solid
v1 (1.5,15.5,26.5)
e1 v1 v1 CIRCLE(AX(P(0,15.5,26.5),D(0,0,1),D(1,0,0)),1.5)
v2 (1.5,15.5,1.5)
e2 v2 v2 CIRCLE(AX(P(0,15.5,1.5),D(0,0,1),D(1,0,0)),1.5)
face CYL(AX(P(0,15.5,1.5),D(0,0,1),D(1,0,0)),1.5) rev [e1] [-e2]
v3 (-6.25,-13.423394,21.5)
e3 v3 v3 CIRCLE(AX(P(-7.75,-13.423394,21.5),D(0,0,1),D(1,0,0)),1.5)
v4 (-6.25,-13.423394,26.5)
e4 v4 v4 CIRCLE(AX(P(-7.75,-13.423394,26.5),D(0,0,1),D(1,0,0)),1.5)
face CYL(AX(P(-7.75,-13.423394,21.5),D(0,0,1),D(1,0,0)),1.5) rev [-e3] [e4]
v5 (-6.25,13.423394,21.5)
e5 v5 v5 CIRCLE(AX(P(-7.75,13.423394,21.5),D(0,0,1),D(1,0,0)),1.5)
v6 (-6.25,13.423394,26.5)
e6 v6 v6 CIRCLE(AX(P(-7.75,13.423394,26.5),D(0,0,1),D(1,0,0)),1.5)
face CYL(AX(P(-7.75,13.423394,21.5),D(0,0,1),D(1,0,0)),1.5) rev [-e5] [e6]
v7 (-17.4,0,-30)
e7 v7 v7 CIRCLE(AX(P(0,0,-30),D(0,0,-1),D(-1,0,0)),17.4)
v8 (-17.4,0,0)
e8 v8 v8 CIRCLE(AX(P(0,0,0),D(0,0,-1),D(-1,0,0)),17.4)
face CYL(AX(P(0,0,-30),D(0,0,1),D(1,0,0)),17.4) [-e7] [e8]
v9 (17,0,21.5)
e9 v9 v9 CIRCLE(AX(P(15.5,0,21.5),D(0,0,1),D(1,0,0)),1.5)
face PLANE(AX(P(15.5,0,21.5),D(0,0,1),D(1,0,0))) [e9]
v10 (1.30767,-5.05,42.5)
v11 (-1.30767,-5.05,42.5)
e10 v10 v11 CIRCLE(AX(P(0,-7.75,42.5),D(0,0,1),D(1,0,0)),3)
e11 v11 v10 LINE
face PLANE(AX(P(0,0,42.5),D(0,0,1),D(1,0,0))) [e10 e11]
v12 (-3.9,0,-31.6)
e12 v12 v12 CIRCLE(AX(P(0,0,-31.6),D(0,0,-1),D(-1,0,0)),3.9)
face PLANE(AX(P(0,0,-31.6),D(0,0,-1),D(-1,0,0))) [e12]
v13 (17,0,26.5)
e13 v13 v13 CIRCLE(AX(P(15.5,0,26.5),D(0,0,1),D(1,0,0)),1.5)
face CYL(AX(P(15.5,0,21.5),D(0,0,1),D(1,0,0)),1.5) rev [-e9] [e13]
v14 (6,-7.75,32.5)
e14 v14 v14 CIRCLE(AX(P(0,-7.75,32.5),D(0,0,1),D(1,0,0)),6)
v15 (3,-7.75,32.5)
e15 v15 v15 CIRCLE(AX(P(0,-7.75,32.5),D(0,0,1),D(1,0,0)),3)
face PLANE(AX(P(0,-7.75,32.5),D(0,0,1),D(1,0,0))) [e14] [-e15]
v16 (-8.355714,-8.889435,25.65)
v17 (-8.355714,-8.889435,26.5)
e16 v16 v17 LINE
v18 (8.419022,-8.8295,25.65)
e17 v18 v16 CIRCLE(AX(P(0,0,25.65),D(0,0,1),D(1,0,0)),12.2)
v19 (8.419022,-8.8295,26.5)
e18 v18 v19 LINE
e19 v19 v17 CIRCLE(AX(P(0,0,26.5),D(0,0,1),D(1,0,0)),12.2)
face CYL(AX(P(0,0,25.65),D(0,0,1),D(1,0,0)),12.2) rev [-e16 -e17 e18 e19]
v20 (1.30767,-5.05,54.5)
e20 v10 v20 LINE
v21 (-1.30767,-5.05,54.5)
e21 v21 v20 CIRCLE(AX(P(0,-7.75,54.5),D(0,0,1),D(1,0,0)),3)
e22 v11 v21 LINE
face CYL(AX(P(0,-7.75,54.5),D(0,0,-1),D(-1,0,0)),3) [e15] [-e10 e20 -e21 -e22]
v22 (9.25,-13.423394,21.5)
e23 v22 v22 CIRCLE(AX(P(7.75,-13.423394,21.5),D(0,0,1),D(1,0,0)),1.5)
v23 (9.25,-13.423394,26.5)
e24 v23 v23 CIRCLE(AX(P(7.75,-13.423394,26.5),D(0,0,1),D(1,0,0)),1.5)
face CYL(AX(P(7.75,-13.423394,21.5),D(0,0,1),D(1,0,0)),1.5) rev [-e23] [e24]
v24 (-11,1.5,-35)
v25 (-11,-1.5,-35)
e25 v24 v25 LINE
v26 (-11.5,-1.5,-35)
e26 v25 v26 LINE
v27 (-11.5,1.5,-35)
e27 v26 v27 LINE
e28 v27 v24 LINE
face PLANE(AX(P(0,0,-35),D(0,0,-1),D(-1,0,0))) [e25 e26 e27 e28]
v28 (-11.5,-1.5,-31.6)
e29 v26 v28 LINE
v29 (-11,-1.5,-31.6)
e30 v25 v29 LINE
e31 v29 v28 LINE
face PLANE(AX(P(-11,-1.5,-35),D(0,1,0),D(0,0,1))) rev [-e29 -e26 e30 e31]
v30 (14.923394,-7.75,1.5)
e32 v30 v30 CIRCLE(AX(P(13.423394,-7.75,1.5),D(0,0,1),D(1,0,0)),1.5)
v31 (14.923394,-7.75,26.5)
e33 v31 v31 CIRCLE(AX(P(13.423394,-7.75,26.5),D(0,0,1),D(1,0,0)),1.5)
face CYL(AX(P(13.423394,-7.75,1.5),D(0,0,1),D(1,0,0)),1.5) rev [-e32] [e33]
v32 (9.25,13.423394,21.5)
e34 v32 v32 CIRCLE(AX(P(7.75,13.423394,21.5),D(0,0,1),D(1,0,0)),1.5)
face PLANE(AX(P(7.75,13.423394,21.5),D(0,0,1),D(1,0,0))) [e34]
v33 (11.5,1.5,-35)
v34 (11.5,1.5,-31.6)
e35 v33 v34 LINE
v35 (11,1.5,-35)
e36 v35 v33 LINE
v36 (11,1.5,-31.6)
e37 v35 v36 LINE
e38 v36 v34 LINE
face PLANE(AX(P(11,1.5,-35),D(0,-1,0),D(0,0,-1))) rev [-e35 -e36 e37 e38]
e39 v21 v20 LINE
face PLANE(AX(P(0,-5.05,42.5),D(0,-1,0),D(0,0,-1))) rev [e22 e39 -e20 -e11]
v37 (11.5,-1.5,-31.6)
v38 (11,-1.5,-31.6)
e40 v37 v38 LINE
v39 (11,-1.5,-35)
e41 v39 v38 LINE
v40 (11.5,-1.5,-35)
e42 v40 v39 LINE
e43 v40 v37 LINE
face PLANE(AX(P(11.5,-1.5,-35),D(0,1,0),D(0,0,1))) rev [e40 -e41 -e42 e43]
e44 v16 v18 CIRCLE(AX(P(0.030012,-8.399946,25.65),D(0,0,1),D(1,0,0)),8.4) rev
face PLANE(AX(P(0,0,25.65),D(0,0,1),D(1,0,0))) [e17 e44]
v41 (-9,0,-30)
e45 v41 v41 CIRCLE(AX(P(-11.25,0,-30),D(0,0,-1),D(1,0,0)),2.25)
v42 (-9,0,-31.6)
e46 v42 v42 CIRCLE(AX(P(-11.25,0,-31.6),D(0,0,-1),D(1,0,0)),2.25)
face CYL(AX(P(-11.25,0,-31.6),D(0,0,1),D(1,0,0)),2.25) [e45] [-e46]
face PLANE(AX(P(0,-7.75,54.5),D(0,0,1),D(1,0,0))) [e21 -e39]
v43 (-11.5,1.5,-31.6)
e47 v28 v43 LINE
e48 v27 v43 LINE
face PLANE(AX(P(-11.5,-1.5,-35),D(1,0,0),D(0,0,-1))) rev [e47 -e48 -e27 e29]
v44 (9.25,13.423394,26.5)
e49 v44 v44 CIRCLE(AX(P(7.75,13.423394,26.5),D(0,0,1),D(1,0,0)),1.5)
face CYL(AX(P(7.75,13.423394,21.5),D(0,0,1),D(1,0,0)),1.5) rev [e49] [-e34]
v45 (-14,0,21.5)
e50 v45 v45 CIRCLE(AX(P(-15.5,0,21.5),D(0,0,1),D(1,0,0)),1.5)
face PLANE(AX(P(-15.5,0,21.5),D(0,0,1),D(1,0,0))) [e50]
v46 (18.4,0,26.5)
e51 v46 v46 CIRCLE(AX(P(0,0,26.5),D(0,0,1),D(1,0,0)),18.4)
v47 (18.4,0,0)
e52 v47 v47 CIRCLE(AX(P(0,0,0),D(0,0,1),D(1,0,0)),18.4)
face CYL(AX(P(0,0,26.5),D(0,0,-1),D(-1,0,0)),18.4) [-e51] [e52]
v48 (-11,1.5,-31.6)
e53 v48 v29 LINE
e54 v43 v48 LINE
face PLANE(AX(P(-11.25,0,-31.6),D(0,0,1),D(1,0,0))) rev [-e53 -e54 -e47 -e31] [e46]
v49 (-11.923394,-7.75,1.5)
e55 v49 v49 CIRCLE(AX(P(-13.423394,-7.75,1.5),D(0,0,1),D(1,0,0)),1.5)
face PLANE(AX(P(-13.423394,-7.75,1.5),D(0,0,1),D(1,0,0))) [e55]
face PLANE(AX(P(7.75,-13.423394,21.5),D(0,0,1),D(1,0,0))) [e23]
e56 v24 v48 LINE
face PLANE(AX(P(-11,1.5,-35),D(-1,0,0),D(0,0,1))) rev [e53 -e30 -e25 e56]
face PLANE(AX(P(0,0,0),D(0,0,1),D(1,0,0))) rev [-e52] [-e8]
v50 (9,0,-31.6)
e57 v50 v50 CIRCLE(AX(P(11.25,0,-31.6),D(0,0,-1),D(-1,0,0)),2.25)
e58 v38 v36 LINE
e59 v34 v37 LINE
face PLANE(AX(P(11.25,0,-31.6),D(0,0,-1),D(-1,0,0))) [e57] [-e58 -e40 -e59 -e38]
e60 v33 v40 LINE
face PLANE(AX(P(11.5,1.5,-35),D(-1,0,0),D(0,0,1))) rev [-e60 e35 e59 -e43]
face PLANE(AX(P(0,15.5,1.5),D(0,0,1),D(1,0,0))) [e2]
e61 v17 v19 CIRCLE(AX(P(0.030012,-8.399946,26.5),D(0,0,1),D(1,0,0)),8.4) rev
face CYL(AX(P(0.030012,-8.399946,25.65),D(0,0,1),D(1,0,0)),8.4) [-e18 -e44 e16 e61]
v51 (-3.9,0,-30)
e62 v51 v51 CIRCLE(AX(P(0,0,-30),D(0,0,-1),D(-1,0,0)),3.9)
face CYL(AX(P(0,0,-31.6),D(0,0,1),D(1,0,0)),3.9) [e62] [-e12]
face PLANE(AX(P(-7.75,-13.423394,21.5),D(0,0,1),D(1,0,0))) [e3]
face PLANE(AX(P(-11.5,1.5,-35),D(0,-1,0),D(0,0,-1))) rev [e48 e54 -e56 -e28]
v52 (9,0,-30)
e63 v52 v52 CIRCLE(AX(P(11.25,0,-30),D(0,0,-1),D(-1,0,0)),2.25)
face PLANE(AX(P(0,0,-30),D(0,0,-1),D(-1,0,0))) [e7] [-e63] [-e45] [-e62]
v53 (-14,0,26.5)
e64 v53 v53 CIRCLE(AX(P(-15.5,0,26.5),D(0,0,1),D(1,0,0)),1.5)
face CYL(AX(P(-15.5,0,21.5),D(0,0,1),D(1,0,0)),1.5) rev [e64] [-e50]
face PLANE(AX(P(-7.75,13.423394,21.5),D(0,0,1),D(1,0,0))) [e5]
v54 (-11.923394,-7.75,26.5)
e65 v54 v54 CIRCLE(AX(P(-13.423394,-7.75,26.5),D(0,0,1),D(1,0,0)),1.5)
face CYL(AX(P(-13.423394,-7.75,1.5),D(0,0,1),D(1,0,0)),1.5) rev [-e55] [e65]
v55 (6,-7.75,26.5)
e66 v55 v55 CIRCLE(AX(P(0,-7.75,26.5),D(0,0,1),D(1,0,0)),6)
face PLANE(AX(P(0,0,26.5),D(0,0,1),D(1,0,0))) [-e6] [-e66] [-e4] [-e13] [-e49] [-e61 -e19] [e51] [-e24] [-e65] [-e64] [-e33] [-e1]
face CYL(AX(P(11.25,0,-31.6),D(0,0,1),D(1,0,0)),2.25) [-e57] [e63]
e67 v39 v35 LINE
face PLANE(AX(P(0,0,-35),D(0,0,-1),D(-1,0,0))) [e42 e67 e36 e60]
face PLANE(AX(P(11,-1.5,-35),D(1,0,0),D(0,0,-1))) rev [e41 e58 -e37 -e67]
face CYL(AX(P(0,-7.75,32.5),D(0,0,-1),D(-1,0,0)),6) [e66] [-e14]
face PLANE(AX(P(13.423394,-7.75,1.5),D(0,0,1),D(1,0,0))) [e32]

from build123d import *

# Parameters (mm, degrees)
CROQUIS1_R              = 18.4
SALIENTE_EXTRUIR1_DEPTH = 26.5
CORTAR_EXTRUIR2_DEPTH   = 0.85
CROQUIS3_R              = 1.5
CORTAR_EXTRUIR3_DEPTH   = 25
CROQUIS9_R              = 1.5
CORTAR_EXTRUIR4_DEPTH   = 5
CROQUIS22_R             = 6
SALIENTE_EXTRUIR2_DEPTH = 6
CROQUIS24_R             = 3
SALIENTE_EXTRUIR3_DEPTH = 22
CORTAR_EXTRUIR5_DEPTH   = 12
CROQUIS26_R             = 17.4
SALIENTE_EXTRUIR4_DEPTH = 30
CROQUIS27_R             = 3.9
CROQUIS27_R_2           = 2.25
CROQUIS27_W             = 0.5
CROQUIS27_H             = 3
SALIENTE_EXTRUIR5_DEPTH = 1.6
CROQUIS29_W             = 0.5
CROQUIS29_H             = 3
SALIENTE_EXTRUIR6_DEPTH = 5


with BuildPart() as part:
    # Croquis1 → Saliente-Extruir1 (new body)
    with BuildSketch(Plane.XY):
        Circle(CROQUIS1_R)
    extrude(amount=SALIENTE_EXTRUIR1_DEPTH)

    # Croquis2 → Cortar-Extruir2 (cut)
    with BuildSketch(Plane.XY.offset(26.5)):
        with BuildLine():
            ThreePointArc((8.4190219, -8.8295), (-0.043589152, 12.19992213), (-8.355713846, -8.889434523))
            ThreePointArc((-8.355713846, -8.889434523), (0, 0), (8.4190219, -8.8295))
        make_face()
    extrude(amount=-CORTAR_EXTRUIR2_DEPTH, mode=Mode.SUBTRACT)

    # Croquis3 → Cortar-Extruir3 (cut)
    with BuildSketch(Plane.XY.offset(26.5)):
        with Locations((0, 15.5)):
            Circle(CROQUIS3_R)
        with Locations((13.423393759, -7.75)):
            Circle(CROQUIS3_R)
        with Locations((-13.423393759, -7.75)):
            Circle(CROQUIS3_R)
    extrude(amount=-CORTAR_EXTRUIR3_DEPTH, mode=Mode.SUBTRACT)

    # Croquis9 → Cortar-Extruir4 (cut)
    with BuildSketch(Plane.XY.offset(26.5)):
        with Locations((-15.5, 0)):
            Circle(CROQUIS9_R)
        with Locations((-7.75, 13.423393759)):
            Circle(CROQUIS9_R)
        with Locations((7.75, 13.423393759)):
            Circle(CROQUIS9_R)
        with Locations((15.5, 0)):
            Circle(CROQUIS9_R)
        with Locations((7.75, -13.423393759)):
            Circle(CROQUIS9_R)
        with Locations((-7.75, -13.423393759)):
            Circle(CROQUIS9_R)
    extrude(amount=-CORTAR_EXTRUIR4_DEPTH, mode=Mode.SUBTRACT)

    # Croquis22 → Saliente-Extruir2 (add)
    with BuildSketch(Plane.XY.offset(26.5)):
        with Locations((0, -7.75)):
            Circle(CROQUIS22_R)
    extrude(amount=SALIENTE_EXTRUIR2_DEPTH)

    # Croquis24 → Saliente-Extruir3 (add)
    with BuildSketch(Plane.XY.offset(32.5)):
        with Locations((0, -7.75)):
            Circle(CROQUIS24_R)
    extrude(amount=SALIENTE_EXTRUIR3_DEPTH)

    # Croquis25 → Cortar-Extruir5 (cut)
    with BuildSketch(Plane.XY.offset(54.5)):
        Polygon((-72.570863995, -5.05), (-1.307669683, -5.05), (1.307669683, -5.05), (72.570863995, -5.05), (72.570863995, 137.476388625), (-72.570863995, 137.476388625), align=None)
    extrude(amount=-CORTAR_EXTRUIR5_DEPTH, mode=Mode.SUBTRACT)

    # Croquis26 → Saliente-Extruir4 (add)
    with BuildSketch(Plane(origin=(0, 0, 0), x_dir=(-1, 0, 0), z_dir=(0, 0, -1))):
        Circle(CROQUIS26_R)
    extrude(amount=SALIENTE_EXTRUIR4_DEPTH)

    # Croquis27 → Saliente-Extruir5 (add)
    with BuildSketch(Plane(origin=(0, 0, -30), x_dir=(-1, 0, 0), z_dir=(0, 0, -1))):
        Circle(CROQUIS27_R)
        with Locations((-11.25, 0)):
            Circle(CROQUIS27_R_2)
        with Locations((-11.25, 0)):
            Rectangle(CROQUIS27_W, CROQUIS27_H, mode=Mode.SUBTRACT)
        with Locations((11.25, 0)):
            Circle(CROQUIS27_R_2)
        with Locations((11.25, 0)):
            Rectangle(CROQUIS27_W, CROQUIS27_H, mode=Mode.SUBTRACT)
    extrude(amount=SALIENTE_EXTRUIR5_DEPTH)

    # Croquis29 → Saliente-Extruir6 (add)
    with BuildSketch(Plane(origin=(0, 0, -30), x_dir=(-1, 0, 0), z_dir=(0, 0, -1))):
        with Locations((-11.25, 0)):
            Rectangle(CROQUIS29_W, CROQUIS29_H)
        with Locations((11.25, 0)):
            Rectangle(CROQUIS29_W, CROQUIS29_H)
    extrude(amount=SALIENTE_EXTRUIR6_DEPTH)


solid = part.part
